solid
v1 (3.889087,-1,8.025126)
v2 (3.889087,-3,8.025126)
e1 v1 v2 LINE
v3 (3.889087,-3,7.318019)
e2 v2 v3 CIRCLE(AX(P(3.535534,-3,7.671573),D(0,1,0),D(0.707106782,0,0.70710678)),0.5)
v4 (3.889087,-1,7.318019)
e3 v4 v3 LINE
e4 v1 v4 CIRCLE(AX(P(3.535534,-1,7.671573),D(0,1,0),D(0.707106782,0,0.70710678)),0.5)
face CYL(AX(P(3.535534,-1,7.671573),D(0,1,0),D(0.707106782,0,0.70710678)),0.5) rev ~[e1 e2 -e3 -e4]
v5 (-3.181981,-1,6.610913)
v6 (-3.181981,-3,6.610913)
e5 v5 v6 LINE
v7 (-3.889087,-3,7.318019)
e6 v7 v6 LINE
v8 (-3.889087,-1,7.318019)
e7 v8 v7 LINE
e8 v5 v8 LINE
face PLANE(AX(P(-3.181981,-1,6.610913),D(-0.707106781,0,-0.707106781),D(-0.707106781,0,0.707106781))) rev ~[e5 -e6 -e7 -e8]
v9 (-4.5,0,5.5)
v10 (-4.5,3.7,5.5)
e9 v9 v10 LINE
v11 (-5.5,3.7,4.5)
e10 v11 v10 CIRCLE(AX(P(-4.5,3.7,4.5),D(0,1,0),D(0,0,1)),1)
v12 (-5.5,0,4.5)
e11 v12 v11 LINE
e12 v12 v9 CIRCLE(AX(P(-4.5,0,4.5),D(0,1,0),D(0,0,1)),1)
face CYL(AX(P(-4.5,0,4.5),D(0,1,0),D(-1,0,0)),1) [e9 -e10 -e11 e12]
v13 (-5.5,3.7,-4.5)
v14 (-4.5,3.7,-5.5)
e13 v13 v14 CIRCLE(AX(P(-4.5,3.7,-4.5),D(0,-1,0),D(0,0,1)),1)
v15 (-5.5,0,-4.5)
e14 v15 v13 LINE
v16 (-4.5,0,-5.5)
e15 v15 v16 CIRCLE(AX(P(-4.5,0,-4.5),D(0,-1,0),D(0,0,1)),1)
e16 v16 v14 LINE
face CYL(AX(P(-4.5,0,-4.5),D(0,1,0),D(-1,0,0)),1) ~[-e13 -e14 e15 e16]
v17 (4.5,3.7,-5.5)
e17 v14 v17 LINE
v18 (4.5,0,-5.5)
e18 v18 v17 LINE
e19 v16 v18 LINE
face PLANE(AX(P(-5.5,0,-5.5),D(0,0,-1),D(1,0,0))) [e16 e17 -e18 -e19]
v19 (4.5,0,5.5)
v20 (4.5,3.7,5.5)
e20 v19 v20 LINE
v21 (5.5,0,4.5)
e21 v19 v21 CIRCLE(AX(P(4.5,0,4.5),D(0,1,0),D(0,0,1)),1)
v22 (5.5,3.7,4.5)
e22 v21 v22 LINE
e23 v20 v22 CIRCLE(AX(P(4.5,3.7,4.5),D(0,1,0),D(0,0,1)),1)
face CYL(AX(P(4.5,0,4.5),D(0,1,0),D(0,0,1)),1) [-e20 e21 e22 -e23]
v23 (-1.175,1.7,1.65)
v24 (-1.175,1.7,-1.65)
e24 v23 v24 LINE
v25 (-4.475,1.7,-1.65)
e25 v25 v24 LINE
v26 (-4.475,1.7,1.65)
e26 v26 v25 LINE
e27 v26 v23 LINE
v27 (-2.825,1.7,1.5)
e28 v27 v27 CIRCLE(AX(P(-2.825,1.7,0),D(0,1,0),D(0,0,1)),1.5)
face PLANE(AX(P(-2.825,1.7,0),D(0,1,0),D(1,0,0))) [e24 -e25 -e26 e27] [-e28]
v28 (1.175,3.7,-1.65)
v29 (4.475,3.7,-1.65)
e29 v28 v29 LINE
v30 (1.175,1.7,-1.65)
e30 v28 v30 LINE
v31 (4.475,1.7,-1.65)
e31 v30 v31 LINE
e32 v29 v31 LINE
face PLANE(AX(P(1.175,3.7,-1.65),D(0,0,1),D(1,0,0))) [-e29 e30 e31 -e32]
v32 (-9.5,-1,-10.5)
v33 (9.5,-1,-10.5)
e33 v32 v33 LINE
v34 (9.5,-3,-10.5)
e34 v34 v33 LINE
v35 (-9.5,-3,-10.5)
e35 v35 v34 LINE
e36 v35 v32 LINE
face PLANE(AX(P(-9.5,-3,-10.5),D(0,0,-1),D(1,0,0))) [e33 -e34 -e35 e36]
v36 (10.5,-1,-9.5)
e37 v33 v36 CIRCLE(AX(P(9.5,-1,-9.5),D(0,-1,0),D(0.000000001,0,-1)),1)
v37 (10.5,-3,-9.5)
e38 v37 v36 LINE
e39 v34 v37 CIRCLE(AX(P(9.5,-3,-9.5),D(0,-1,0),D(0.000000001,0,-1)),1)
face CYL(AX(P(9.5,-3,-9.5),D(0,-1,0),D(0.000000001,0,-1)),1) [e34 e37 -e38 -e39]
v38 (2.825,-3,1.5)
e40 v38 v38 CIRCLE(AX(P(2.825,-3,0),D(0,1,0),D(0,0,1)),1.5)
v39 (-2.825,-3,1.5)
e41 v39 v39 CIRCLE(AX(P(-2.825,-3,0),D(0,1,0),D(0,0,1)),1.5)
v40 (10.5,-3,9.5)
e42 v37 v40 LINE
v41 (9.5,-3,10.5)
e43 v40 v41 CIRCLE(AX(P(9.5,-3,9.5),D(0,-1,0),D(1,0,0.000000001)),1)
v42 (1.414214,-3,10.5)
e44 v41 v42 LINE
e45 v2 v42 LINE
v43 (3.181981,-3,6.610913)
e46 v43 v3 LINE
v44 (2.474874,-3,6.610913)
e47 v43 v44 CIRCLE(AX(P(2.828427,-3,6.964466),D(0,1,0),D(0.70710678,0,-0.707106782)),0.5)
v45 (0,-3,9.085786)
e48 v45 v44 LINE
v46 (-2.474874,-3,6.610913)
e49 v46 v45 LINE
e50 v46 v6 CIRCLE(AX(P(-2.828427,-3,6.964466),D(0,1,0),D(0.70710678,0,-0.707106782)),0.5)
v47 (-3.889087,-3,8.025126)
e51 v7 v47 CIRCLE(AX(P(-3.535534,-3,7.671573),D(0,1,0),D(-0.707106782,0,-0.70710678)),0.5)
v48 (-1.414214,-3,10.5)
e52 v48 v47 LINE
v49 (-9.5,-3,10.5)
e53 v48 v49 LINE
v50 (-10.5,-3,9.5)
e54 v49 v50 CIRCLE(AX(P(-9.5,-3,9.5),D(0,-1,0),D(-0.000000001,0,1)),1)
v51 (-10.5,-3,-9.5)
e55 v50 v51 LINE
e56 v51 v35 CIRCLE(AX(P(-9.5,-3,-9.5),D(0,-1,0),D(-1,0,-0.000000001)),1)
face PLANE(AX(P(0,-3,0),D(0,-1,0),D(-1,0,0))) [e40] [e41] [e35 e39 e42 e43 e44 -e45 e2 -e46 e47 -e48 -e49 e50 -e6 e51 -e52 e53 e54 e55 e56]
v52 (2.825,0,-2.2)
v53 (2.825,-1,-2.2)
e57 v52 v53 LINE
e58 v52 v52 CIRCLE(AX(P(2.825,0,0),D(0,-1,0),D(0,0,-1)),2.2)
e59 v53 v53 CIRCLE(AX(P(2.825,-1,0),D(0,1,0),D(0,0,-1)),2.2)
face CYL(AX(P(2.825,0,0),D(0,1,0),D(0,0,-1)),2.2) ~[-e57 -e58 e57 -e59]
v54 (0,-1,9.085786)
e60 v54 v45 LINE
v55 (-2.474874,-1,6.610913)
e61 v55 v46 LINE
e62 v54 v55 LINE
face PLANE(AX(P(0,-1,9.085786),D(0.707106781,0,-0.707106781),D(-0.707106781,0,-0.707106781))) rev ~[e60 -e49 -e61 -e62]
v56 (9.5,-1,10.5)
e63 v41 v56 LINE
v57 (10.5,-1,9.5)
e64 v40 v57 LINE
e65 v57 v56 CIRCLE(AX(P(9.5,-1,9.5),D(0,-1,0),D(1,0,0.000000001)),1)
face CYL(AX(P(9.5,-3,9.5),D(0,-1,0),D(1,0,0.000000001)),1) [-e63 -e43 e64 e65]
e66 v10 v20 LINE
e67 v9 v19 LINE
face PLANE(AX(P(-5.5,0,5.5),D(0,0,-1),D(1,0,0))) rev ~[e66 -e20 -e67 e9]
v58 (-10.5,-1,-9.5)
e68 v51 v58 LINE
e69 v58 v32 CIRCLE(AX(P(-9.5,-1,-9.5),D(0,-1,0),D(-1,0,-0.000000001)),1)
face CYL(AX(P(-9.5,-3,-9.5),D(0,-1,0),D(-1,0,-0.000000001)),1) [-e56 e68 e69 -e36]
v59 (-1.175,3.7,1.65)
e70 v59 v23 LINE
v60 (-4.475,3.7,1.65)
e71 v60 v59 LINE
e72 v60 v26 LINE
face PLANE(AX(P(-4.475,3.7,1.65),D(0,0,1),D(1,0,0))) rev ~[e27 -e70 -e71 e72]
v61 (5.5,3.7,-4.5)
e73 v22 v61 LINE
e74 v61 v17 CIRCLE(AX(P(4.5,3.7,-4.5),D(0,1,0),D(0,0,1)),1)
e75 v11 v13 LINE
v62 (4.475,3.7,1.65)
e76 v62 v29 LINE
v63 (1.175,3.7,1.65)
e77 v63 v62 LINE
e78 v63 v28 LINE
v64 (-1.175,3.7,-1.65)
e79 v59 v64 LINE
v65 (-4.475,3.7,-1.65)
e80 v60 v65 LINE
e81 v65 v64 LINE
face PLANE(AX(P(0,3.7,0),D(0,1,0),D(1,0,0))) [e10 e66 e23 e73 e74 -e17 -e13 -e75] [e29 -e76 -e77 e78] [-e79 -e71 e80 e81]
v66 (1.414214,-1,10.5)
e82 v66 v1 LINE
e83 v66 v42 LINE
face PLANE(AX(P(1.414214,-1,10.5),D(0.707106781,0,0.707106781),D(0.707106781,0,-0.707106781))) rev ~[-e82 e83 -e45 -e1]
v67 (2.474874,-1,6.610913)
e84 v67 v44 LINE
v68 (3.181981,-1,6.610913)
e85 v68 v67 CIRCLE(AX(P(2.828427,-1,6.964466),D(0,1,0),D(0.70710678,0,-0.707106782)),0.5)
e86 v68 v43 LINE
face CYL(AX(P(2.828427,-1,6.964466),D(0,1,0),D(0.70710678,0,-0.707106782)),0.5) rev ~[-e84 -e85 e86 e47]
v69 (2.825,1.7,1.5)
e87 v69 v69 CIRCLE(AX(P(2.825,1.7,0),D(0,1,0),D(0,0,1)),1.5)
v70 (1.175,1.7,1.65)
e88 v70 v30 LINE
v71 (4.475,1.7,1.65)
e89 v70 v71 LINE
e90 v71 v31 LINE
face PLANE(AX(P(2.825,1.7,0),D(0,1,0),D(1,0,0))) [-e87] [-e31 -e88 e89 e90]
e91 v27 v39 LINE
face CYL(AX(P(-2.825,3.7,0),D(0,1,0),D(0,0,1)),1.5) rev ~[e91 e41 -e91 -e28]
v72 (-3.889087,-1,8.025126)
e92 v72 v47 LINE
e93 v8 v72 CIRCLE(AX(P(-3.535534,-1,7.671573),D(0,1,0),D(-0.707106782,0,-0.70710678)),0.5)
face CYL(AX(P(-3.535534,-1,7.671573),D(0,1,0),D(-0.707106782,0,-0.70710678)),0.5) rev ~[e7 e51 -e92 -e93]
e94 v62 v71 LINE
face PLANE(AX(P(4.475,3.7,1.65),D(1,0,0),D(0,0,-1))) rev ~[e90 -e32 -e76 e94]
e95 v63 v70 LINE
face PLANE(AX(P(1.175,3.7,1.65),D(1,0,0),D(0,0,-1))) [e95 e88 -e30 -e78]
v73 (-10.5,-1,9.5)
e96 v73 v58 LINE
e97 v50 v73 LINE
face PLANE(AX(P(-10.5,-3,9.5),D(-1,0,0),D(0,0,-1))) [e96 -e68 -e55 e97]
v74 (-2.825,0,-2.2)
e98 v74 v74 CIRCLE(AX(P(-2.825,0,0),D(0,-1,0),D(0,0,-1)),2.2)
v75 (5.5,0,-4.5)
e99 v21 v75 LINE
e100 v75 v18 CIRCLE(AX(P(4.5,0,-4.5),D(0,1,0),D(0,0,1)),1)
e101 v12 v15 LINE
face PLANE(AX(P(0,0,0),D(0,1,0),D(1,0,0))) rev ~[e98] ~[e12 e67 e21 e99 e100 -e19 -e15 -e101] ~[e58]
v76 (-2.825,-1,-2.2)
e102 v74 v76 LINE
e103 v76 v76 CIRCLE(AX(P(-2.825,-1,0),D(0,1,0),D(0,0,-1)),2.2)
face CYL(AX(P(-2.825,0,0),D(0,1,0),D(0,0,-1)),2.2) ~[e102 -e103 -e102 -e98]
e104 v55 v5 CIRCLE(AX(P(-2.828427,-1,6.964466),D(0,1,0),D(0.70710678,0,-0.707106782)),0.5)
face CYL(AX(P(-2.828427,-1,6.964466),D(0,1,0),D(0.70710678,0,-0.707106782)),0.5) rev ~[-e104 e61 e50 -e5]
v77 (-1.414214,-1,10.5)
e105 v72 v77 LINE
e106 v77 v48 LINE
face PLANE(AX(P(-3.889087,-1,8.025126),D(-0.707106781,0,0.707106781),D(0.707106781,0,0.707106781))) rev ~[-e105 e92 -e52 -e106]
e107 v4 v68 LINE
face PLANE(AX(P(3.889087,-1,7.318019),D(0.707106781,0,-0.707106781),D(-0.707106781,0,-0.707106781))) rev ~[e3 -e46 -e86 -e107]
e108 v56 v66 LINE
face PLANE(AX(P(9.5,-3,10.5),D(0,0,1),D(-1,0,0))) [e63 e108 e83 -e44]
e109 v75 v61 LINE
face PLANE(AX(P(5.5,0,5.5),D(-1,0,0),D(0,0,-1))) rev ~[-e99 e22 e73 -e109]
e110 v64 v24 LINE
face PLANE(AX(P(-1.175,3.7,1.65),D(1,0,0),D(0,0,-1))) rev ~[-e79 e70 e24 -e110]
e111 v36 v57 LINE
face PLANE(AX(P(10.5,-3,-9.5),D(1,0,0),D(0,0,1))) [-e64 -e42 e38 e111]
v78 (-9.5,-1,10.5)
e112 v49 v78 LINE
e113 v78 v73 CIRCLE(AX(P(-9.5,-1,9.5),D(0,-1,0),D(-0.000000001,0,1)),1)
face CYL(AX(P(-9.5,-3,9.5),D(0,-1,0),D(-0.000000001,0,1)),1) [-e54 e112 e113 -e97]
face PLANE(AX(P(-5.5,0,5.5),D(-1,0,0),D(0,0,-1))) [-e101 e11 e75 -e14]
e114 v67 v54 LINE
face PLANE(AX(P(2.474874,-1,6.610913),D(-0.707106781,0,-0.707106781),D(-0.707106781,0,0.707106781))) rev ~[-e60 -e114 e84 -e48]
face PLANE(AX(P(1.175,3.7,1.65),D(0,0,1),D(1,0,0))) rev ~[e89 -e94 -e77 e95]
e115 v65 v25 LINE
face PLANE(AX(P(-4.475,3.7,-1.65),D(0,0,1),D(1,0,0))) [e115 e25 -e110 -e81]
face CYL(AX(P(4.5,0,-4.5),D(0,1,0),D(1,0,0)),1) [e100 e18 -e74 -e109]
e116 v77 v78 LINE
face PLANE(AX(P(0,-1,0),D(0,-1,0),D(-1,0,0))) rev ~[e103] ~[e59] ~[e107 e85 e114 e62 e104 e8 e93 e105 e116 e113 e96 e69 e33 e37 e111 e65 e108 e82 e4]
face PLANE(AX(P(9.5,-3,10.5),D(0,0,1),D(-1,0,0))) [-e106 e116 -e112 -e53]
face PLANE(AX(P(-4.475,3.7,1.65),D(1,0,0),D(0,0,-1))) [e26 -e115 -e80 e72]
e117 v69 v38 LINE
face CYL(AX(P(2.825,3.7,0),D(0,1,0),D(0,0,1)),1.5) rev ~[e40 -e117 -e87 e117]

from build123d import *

# Parameters (mm, degrees)
SKETCH1_W           = 11
SKETCH1_H           = 11
BOSS_EXTRUDE1_DEPTH = 3.7
FILLET1_R           = 1
SKETCH2_W           = 3.3
SKETCH2_H           = 3.3
CUT_EXTRUDE1_DEPTH  = 2
SKETCH4_R           = 2.2
BOSS_EXTRUDE2_DEPTH = 3
BOSS_EXTRUDE3_DEPTH = 2
SKETCH3_R           = 1.5
CUT_EXTRUDE2_DEPTH  = 17.290794947
CUT_EXTRUDE3_DEPTH  = 16.57530096


with BuildPart() as part:
    # Sketch1 → Boss-Extrude1 (new body)
    with BuildSketch(Plane(origin=(0, 0, 0), x_dir=(1, 0, 0), z_dir=(0, 1, 0))):
        Rectangle(SKETCH1_W, SKETCH1_H)
    extrude(amount=BOSS_EXTRUDE1_DEPTH)

    # Fillet1
    fillet1_edges = [part.edges().sort_by_distance(p)[0] for p in [
        (5.5, 1.85, 5.5),
        (-5.5, 1.85, 5.5),
        (-5.5, 1.85, -5.5),
        (5.5, 1.85, -5.5),
    ]]
    fillet(fillet1_edges, radius=FILLET1_R)

    # Sketch2 → Cut-Extrude1 (cut)
    with BuildSketch(Plane(origin=(0, 3.7, 0), x_dir=(1, 0, 0), z_dir=(0, 1, 0))):
        with Locations((-2.825, 0)):
            Rectangle(SKETCH2_W, SKETCH2_H)
        with Locations((2.825, 0)):
            Rectangle(SKETCH2_W, SKETCH2_H)
    extrude(amount=-CUT_EXTRUDE1_DEPTH, mode=Mode.SUBTRACT)

    # Sketch4 → Boss-Extrude2 (add)
    with BuildSketch(Plane(origin=(0, 0, 0), x_dir=(-1, 0, 0), z_dir=(0, -1, 0))):
        with Locations(Location((2.825, 0, 0), (0, 0, 90))):
            Circle(SKETCH4_R)
        with Locations(Location((-2.825, 0, 0), (0, 0, 90))):
            Circle(SKETCH4_R)
    extrude(amount=BOSS_EXTRUDE2_DEPTH)

    # Sketch5 → Boss-Extrude3 (add)
    with BuildSketch(Plane(origin=(0, -3, 0), x_dir=(-1, 0, 0), z_dir=(0, -1, 0))):
        with BuildLine():
            Line((9.5, 10.5), (-9.5, 10.5))
            ThreePointArc((-9.5, 10.5), (-10.207106781, 10.207106781), (-10.5, 9.5))
            Line((-10.5, 9.5), (-10.5, -9.5))
            ThreePointArc((-10.5, -9.5), (-10.207106781, -10.207106781), (-9.5, -10.5))
            Line((-9.5, -10.5), (9.5, -10.5))
            ThreePointArc((9.5, -10.5), (10.207106781, -10.207106781), (10.5, -9.5))
            Line((10.5, -9.5), (10.5, 9.5))
            ThreePointArc((10.5, 9.5), (10.207106781, 10.207106781), (9.5, 10.5))
        make_face()
    extrude(amount=-BOSS_EXTRUDE3_DEPTH)

    # Sketch3 → Cut-Extrude2 (cut, through all)
    with BuildSketch(Plane(origin=(0, 3.7, 0), x_dir=(1, 0, 0), z_dir=(0, 1, 0))):
        with Locations(Location((-2.825, 0, 0), (0, 0, 270))):
            Circle(SKETCH3_R)
        with Locations(Location((2.825, 0, 0), (0, 0, 270))):
            Circle(SKETCH3_R)
    extrude(amount=-CUT_EXTRUDE2_DEPTH, mode=Mode.SUBTRACT)

    # Sketch7 → Cut-Extrude3 (cut, through all)
    with BuildSketch(Plane(origin=(0, -1, 0), x_dir=(1, 0, 0), z_dir=(0, 1, 0))):
        with BuildLine():
            Line((0, -9.085786438), (1.414213562, -10.5))
            Line((1.414213562, -10.5), (3.889087297, -8.025126266))
            ThreePointArc((3.889087297, -8.025126266), (4.035533906, -7.671572875), (3.889087297, -7.318019485))
            Line((3.889087297, -7.318019485), (3.181980515, -6.610912703))
            ThreePointArc((3.181980515, -6.610912703), (2.828427125, -6.464466094), (2.474873734, -6.610912703))
            Line((2.474873734, -6.610912703), (0, -9.085786438))
        make_face()
        with BuildLine():
            Line((-3.889087297, -8.025126266), (-1.414213562, -10.5))
            Line((-1.414213562, -10.5), (0, -9.085786438))
            Line((0, -9.085786438), (-2.474873734, -6.610912703))
            ThreePointArc((-2.474873734, -6.610912703), (-2.828427125, -6.464466094), (-3.181980515, -6.610912703))
            Line((-3.181980515, -6.610912703), (-3.889087297, -7.318019485))
            ThreePointArc((-3.889087297, -7.318019485), (-4.035533906, -7.671572875), (-3.889087297, -8.025126266))
        make_face()
        Polygon((-1.414213562, -10.5), (1.414213562, -10.5), (0, -9.085786438), align=None)
    extrude(amount=-CUT_EXTRUDE3_DEPTH, mode=Mode.SUBTRACT)


solid = part.part
